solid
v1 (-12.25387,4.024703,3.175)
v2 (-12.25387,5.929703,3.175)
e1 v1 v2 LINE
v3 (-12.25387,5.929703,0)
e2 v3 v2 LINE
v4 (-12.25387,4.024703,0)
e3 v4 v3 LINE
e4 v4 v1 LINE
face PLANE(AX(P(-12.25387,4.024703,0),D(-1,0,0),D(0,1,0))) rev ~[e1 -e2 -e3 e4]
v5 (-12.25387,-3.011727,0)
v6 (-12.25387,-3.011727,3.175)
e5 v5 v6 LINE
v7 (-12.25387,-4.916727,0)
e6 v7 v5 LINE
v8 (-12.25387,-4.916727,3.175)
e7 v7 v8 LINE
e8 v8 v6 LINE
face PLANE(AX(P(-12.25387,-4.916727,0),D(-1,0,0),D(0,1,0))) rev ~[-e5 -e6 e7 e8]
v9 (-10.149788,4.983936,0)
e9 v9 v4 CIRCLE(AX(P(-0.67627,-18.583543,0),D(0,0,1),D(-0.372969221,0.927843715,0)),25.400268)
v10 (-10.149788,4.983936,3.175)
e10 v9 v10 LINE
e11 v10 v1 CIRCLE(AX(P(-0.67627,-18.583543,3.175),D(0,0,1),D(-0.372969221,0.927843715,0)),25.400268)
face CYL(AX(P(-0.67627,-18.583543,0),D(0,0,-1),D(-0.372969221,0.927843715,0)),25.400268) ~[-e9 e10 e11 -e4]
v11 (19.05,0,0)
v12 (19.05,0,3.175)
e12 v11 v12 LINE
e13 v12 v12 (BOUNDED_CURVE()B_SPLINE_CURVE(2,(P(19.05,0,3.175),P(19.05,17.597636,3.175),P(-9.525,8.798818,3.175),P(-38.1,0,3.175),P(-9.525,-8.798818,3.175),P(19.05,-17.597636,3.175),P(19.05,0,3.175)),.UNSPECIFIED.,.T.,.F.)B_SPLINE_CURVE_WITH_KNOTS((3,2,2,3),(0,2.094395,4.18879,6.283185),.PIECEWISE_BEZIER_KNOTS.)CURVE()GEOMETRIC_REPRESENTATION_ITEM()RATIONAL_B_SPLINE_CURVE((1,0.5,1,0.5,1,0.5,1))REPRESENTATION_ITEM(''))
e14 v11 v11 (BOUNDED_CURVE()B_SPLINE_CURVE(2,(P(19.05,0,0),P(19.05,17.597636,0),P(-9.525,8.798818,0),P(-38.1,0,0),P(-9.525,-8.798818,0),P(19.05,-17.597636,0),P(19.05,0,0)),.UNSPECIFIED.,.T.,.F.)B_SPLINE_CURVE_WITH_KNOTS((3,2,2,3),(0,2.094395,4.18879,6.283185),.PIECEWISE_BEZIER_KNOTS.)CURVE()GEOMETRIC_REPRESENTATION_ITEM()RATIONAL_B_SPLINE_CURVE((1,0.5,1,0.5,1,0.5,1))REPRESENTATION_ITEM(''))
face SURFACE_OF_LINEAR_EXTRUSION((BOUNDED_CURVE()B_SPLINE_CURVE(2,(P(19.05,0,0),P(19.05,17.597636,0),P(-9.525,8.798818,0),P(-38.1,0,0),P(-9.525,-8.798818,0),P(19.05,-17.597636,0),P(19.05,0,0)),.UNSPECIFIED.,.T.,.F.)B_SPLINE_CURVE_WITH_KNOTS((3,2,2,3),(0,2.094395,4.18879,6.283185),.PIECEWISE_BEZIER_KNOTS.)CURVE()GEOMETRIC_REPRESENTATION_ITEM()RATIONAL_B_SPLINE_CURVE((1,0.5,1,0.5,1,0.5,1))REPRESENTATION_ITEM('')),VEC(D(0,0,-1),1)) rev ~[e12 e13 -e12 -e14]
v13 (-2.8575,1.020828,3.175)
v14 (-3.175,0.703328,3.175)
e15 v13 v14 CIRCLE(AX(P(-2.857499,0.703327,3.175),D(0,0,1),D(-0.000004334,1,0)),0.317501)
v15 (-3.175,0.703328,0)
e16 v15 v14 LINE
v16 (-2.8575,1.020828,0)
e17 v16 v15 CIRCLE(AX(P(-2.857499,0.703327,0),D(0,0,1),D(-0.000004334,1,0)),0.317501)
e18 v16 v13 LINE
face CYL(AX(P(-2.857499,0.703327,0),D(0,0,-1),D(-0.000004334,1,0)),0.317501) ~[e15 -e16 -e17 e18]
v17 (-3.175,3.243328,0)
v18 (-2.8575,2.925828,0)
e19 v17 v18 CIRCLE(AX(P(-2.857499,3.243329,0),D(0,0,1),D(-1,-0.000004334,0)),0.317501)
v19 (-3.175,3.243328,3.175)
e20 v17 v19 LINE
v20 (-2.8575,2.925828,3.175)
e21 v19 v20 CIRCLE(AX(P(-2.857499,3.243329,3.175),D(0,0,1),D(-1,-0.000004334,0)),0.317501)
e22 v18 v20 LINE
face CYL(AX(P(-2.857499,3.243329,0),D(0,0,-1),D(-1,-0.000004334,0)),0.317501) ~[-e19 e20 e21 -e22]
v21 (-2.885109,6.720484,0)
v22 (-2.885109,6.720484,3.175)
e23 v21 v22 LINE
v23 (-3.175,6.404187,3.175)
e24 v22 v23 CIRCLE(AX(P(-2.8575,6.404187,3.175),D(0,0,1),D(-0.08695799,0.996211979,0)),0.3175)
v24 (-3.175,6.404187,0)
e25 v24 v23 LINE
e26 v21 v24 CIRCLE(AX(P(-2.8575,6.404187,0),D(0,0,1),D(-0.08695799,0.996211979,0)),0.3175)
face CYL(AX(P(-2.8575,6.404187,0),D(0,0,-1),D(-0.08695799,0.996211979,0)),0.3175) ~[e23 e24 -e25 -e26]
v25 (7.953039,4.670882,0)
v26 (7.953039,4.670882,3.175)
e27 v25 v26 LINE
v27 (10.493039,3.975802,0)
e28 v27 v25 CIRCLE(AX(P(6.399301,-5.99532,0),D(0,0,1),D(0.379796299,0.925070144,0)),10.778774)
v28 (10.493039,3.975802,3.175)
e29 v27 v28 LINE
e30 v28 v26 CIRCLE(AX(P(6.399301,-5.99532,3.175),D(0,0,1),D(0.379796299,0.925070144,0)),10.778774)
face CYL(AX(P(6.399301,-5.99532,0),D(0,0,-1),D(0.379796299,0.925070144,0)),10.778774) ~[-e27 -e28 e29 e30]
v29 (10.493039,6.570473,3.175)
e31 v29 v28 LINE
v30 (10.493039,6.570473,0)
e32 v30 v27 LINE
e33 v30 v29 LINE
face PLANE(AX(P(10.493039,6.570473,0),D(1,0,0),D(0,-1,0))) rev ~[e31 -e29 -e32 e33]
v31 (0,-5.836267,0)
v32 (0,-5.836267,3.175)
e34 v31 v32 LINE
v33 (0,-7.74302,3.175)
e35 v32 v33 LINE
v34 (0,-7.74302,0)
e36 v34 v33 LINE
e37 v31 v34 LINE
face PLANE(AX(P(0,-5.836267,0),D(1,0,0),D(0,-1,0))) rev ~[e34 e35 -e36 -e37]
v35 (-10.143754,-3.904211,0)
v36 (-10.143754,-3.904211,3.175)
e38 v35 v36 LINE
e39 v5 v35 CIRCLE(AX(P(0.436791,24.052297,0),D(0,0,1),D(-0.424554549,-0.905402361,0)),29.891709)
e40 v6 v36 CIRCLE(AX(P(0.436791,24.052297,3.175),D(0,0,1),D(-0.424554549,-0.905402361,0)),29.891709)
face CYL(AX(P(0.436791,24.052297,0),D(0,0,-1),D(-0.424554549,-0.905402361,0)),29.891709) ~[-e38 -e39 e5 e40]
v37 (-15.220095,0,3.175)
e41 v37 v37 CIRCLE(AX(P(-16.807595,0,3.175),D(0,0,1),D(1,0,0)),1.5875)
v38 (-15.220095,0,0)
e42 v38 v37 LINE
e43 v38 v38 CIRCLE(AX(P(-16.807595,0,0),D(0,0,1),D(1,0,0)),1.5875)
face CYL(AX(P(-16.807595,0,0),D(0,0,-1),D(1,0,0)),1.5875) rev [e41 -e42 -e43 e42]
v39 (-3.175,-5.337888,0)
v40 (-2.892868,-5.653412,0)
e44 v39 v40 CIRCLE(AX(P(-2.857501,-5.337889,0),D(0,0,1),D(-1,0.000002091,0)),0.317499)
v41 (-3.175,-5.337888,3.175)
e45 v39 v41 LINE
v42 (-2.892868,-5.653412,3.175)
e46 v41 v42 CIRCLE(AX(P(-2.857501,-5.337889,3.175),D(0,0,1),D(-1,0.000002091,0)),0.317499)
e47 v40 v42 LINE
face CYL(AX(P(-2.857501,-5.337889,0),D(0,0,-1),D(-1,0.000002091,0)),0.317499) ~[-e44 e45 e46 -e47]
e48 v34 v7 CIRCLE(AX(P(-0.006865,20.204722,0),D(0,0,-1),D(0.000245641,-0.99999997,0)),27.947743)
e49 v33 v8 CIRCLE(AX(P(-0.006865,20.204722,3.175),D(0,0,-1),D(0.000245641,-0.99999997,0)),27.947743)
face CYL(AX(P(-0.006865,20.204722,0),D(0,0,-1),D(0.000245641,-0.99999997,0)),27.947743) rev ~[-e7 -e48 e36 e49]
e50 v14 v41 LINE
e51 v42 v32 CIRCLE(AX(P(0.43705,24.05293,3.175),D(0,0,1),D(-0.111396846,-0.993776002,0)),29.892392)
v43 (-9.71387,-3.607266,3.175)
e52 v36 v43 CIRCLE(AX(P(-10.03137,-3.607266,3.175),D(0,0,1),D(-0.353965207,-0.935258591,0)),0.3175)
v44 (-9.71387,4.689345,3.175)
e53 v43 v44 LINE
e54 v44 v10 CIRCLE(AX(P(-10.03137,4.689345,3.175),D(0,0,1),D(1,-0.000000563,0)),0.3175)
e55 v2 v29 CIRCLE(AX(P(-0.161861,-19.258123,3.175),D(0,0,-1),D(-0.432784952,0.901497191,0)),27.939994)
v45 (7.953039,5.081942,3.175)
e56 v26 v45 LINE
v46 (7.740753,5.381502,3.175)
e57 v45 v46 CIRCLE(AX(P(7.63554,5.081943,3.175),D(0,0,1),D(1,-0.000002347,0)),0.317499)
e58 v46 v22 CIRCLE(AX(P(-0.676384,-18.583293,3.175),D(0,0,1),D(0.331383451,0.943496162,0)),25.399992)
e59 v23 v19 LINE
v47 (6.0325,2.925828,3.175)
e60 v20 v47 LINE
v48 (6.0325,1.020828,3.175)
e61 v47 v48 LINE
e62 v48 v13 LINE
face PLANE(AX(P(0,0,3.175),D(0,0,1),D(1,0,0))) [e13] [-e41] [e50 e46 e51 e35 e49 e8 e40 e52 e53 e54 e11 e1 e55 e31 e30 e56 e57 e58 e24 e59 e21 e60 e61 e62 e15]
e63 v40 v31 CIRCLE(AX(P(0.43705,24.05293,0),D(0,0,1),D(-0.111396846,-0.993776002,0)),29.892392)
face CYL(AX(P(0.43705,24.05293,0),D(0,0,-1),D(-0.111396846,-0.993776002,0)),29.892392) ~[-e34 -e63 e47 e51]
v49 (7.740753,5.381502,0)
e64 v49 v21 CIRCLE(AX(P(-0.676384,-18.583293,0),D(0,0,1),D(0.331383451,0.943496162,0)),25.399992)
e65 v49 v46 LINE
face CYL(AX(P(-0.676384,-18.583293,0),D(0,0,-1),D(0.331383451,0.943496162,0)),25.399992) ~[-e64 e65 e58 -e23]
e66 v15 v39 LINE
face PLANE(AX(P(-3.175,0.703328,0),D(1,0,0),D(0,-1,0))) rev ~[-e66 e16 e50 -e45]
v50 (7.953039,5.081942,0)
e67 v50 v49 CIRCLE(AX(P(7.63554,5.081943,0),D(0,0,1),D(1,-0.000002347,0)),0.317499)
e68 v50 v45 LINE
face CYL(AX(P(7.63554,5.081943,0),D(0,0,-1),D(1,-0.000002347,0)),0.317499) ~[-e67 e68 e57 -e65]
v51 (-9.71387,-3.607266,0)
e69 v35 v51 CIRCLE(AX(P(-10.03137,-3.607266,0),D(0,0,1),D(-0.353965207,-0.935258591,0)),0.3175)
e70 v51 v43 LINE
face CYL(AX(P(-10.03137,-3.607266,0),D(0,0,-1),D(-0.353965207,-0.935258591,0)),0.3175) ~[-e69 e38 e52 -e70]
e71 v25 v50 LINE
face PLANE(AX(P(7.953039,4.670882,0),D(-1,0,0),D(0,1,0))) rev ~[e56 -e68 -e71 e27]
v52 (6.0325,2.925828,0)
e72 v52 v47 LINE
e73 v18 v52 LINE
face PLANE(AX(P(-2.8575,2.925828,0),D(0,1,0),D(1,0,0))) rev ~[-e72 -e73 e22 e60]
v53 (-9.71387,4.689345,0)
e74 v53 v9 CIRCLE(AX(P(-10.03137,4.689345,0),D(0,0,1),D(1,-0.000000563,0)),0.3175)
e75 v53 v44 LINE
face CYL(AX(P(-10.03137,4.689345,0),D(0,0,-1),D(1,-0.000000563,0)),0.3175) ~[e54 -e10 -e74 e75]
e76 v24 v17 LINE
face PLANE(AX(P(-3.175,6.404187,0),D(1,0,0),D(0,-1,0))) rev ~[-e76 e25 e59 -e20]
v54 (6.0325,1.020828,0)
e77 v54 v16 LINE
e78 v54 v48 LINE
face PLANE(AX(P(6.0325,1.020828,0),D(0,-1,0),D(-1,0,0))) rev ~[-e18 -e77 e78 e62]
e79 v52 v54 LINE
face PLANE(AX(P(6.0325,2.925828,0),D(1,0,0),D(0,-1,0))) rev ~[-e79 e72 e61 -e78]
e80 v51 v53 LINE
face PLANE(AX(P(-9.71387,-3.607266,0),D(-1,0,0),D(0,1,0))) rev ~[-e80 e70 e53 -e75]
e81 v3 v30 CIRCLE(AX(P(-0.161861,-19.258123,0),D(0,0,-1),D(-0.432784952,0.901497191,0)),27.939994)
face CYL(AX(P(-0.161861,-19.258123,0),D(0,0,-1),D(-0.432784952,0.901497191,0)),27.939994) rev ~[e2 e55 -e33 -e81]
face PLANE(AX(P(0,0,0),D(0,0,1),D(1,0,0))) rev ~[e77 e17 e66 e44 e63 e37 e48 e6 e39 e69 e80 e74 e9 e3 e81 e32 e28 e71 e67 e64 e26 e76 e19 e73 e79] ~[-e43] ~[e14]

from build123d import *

# Parameters (mm, degrees)
F0_R     = 1.5875
F1_DEPTH = 3.175


with BuildPart() as f1:
    # F0 (on Top) → F1 (new body)
    with BuildSketch(Plane.XY):
        with BuildLine():
            add(Edge.make_bspline(
                [(19.05, 0), (19.05, 17.597636), (-9.525, 8.798818), (-38.1, 0), (-9.525, -8.798818), (19.05, -17.597636), (19.05, 0)],
                knots=[0, 0, 0, 2.094395, 2.094395, 4.18879, 4.18879, 6.283185, 6.283185, 6.283185], degree=2, weights=[1, 0.5, 1, 0.5, 1, 0.5, 1]))
        make_face()
        with Locations((-16.807595, 0)):
            Circle(F0_R, mode=Mode.SUBTRACT)
        with BuildLine():
            ThreePointArc((-12.25387, 5.929703), (-0.948606, 8.670792), (10.493039, 6.570473))
            Line((10.493039, 6.570473), (10.493039, 3.975802))
            ThreePointArc((10.493039, 3.975802), (9.244345, 4.401203), (7.953039, 4.670882))
            Line((7.953039, 4.670882), (7.953039, 5.081942))
            ThreePointArc((7.953039, 5.081942), (7.894587, 5.265519), (7.740753, 5.381502))
            ThreePointArc((7.740753, 5.381502), (2.499197, 6.617407), (-2.885109, 6.720484))
            ThreePointArc((-2.885109, 6.720484), (-3.091564, 6.61871), (-3.175, 6.404187))
            Line((-3.175, 6.404187), (-3.175, 3.243328))
            ThreePointArc((-3.175, 3.243328), (-3.082006, 3.018822), (-2.8575, 2.925828))
            Line((-2.8575, 2.925828), (6.0325, 2.925828))
            Line((6.0325, 2.925828), (6.0325, 1.020828))
            Line((6.0325, 1.020828), (-2.8575, 1.020828))
            ThreePointArc((-2.8575, 1.020828), (-3.082006, 0.927834), (-3.175, 0.703328))
            Line((-3.175, 0.703328), (-3.175, -5.337888))
            ThreePointArc((-3.175, -5.337888), (-3.094181, -5.549521), (-2.892868, -5.653412))
            ThreePointArc((-2.892868, -5.653412), (-1.448652, -5.779925), (0, -5.836267))
            Line((0, -5.836267), (0, -7.74302))
            ThreePointArc((0, -7.74302), (-6.287967, -7.028054), (-12.25387, -4.916727))
            Line((-12.25387, -4.916727), (-12.25387, -3.011727))
            ThreePointArc((-12.25387, -3.011727), (-11.207366, -3.478193), (-10.143754, -3.904211))
            ThreePointArc((-10.143754, -3.904211), (-9.85092, -3.868502), (-9.71387, -3.607266))
            Line((-9.71387, -3.607266), (-9.71387, 4.689345))
            ThreePointArc((-9.71387, 4.689345), (-9.853594, 4.952408), (-10.149788, 4.983936))
            ThreePointArc((-10.149788, 4.983936), (-11.212751, 4.528276), (-12.25387, 4.024703))
            Line((-12.25387, 4.024703), (-12.25387, 5.929703))
        make_face(mode=Mode.SUBTRACT)
    extrude(amount=F1_DEPTH)


solid = f1.part
